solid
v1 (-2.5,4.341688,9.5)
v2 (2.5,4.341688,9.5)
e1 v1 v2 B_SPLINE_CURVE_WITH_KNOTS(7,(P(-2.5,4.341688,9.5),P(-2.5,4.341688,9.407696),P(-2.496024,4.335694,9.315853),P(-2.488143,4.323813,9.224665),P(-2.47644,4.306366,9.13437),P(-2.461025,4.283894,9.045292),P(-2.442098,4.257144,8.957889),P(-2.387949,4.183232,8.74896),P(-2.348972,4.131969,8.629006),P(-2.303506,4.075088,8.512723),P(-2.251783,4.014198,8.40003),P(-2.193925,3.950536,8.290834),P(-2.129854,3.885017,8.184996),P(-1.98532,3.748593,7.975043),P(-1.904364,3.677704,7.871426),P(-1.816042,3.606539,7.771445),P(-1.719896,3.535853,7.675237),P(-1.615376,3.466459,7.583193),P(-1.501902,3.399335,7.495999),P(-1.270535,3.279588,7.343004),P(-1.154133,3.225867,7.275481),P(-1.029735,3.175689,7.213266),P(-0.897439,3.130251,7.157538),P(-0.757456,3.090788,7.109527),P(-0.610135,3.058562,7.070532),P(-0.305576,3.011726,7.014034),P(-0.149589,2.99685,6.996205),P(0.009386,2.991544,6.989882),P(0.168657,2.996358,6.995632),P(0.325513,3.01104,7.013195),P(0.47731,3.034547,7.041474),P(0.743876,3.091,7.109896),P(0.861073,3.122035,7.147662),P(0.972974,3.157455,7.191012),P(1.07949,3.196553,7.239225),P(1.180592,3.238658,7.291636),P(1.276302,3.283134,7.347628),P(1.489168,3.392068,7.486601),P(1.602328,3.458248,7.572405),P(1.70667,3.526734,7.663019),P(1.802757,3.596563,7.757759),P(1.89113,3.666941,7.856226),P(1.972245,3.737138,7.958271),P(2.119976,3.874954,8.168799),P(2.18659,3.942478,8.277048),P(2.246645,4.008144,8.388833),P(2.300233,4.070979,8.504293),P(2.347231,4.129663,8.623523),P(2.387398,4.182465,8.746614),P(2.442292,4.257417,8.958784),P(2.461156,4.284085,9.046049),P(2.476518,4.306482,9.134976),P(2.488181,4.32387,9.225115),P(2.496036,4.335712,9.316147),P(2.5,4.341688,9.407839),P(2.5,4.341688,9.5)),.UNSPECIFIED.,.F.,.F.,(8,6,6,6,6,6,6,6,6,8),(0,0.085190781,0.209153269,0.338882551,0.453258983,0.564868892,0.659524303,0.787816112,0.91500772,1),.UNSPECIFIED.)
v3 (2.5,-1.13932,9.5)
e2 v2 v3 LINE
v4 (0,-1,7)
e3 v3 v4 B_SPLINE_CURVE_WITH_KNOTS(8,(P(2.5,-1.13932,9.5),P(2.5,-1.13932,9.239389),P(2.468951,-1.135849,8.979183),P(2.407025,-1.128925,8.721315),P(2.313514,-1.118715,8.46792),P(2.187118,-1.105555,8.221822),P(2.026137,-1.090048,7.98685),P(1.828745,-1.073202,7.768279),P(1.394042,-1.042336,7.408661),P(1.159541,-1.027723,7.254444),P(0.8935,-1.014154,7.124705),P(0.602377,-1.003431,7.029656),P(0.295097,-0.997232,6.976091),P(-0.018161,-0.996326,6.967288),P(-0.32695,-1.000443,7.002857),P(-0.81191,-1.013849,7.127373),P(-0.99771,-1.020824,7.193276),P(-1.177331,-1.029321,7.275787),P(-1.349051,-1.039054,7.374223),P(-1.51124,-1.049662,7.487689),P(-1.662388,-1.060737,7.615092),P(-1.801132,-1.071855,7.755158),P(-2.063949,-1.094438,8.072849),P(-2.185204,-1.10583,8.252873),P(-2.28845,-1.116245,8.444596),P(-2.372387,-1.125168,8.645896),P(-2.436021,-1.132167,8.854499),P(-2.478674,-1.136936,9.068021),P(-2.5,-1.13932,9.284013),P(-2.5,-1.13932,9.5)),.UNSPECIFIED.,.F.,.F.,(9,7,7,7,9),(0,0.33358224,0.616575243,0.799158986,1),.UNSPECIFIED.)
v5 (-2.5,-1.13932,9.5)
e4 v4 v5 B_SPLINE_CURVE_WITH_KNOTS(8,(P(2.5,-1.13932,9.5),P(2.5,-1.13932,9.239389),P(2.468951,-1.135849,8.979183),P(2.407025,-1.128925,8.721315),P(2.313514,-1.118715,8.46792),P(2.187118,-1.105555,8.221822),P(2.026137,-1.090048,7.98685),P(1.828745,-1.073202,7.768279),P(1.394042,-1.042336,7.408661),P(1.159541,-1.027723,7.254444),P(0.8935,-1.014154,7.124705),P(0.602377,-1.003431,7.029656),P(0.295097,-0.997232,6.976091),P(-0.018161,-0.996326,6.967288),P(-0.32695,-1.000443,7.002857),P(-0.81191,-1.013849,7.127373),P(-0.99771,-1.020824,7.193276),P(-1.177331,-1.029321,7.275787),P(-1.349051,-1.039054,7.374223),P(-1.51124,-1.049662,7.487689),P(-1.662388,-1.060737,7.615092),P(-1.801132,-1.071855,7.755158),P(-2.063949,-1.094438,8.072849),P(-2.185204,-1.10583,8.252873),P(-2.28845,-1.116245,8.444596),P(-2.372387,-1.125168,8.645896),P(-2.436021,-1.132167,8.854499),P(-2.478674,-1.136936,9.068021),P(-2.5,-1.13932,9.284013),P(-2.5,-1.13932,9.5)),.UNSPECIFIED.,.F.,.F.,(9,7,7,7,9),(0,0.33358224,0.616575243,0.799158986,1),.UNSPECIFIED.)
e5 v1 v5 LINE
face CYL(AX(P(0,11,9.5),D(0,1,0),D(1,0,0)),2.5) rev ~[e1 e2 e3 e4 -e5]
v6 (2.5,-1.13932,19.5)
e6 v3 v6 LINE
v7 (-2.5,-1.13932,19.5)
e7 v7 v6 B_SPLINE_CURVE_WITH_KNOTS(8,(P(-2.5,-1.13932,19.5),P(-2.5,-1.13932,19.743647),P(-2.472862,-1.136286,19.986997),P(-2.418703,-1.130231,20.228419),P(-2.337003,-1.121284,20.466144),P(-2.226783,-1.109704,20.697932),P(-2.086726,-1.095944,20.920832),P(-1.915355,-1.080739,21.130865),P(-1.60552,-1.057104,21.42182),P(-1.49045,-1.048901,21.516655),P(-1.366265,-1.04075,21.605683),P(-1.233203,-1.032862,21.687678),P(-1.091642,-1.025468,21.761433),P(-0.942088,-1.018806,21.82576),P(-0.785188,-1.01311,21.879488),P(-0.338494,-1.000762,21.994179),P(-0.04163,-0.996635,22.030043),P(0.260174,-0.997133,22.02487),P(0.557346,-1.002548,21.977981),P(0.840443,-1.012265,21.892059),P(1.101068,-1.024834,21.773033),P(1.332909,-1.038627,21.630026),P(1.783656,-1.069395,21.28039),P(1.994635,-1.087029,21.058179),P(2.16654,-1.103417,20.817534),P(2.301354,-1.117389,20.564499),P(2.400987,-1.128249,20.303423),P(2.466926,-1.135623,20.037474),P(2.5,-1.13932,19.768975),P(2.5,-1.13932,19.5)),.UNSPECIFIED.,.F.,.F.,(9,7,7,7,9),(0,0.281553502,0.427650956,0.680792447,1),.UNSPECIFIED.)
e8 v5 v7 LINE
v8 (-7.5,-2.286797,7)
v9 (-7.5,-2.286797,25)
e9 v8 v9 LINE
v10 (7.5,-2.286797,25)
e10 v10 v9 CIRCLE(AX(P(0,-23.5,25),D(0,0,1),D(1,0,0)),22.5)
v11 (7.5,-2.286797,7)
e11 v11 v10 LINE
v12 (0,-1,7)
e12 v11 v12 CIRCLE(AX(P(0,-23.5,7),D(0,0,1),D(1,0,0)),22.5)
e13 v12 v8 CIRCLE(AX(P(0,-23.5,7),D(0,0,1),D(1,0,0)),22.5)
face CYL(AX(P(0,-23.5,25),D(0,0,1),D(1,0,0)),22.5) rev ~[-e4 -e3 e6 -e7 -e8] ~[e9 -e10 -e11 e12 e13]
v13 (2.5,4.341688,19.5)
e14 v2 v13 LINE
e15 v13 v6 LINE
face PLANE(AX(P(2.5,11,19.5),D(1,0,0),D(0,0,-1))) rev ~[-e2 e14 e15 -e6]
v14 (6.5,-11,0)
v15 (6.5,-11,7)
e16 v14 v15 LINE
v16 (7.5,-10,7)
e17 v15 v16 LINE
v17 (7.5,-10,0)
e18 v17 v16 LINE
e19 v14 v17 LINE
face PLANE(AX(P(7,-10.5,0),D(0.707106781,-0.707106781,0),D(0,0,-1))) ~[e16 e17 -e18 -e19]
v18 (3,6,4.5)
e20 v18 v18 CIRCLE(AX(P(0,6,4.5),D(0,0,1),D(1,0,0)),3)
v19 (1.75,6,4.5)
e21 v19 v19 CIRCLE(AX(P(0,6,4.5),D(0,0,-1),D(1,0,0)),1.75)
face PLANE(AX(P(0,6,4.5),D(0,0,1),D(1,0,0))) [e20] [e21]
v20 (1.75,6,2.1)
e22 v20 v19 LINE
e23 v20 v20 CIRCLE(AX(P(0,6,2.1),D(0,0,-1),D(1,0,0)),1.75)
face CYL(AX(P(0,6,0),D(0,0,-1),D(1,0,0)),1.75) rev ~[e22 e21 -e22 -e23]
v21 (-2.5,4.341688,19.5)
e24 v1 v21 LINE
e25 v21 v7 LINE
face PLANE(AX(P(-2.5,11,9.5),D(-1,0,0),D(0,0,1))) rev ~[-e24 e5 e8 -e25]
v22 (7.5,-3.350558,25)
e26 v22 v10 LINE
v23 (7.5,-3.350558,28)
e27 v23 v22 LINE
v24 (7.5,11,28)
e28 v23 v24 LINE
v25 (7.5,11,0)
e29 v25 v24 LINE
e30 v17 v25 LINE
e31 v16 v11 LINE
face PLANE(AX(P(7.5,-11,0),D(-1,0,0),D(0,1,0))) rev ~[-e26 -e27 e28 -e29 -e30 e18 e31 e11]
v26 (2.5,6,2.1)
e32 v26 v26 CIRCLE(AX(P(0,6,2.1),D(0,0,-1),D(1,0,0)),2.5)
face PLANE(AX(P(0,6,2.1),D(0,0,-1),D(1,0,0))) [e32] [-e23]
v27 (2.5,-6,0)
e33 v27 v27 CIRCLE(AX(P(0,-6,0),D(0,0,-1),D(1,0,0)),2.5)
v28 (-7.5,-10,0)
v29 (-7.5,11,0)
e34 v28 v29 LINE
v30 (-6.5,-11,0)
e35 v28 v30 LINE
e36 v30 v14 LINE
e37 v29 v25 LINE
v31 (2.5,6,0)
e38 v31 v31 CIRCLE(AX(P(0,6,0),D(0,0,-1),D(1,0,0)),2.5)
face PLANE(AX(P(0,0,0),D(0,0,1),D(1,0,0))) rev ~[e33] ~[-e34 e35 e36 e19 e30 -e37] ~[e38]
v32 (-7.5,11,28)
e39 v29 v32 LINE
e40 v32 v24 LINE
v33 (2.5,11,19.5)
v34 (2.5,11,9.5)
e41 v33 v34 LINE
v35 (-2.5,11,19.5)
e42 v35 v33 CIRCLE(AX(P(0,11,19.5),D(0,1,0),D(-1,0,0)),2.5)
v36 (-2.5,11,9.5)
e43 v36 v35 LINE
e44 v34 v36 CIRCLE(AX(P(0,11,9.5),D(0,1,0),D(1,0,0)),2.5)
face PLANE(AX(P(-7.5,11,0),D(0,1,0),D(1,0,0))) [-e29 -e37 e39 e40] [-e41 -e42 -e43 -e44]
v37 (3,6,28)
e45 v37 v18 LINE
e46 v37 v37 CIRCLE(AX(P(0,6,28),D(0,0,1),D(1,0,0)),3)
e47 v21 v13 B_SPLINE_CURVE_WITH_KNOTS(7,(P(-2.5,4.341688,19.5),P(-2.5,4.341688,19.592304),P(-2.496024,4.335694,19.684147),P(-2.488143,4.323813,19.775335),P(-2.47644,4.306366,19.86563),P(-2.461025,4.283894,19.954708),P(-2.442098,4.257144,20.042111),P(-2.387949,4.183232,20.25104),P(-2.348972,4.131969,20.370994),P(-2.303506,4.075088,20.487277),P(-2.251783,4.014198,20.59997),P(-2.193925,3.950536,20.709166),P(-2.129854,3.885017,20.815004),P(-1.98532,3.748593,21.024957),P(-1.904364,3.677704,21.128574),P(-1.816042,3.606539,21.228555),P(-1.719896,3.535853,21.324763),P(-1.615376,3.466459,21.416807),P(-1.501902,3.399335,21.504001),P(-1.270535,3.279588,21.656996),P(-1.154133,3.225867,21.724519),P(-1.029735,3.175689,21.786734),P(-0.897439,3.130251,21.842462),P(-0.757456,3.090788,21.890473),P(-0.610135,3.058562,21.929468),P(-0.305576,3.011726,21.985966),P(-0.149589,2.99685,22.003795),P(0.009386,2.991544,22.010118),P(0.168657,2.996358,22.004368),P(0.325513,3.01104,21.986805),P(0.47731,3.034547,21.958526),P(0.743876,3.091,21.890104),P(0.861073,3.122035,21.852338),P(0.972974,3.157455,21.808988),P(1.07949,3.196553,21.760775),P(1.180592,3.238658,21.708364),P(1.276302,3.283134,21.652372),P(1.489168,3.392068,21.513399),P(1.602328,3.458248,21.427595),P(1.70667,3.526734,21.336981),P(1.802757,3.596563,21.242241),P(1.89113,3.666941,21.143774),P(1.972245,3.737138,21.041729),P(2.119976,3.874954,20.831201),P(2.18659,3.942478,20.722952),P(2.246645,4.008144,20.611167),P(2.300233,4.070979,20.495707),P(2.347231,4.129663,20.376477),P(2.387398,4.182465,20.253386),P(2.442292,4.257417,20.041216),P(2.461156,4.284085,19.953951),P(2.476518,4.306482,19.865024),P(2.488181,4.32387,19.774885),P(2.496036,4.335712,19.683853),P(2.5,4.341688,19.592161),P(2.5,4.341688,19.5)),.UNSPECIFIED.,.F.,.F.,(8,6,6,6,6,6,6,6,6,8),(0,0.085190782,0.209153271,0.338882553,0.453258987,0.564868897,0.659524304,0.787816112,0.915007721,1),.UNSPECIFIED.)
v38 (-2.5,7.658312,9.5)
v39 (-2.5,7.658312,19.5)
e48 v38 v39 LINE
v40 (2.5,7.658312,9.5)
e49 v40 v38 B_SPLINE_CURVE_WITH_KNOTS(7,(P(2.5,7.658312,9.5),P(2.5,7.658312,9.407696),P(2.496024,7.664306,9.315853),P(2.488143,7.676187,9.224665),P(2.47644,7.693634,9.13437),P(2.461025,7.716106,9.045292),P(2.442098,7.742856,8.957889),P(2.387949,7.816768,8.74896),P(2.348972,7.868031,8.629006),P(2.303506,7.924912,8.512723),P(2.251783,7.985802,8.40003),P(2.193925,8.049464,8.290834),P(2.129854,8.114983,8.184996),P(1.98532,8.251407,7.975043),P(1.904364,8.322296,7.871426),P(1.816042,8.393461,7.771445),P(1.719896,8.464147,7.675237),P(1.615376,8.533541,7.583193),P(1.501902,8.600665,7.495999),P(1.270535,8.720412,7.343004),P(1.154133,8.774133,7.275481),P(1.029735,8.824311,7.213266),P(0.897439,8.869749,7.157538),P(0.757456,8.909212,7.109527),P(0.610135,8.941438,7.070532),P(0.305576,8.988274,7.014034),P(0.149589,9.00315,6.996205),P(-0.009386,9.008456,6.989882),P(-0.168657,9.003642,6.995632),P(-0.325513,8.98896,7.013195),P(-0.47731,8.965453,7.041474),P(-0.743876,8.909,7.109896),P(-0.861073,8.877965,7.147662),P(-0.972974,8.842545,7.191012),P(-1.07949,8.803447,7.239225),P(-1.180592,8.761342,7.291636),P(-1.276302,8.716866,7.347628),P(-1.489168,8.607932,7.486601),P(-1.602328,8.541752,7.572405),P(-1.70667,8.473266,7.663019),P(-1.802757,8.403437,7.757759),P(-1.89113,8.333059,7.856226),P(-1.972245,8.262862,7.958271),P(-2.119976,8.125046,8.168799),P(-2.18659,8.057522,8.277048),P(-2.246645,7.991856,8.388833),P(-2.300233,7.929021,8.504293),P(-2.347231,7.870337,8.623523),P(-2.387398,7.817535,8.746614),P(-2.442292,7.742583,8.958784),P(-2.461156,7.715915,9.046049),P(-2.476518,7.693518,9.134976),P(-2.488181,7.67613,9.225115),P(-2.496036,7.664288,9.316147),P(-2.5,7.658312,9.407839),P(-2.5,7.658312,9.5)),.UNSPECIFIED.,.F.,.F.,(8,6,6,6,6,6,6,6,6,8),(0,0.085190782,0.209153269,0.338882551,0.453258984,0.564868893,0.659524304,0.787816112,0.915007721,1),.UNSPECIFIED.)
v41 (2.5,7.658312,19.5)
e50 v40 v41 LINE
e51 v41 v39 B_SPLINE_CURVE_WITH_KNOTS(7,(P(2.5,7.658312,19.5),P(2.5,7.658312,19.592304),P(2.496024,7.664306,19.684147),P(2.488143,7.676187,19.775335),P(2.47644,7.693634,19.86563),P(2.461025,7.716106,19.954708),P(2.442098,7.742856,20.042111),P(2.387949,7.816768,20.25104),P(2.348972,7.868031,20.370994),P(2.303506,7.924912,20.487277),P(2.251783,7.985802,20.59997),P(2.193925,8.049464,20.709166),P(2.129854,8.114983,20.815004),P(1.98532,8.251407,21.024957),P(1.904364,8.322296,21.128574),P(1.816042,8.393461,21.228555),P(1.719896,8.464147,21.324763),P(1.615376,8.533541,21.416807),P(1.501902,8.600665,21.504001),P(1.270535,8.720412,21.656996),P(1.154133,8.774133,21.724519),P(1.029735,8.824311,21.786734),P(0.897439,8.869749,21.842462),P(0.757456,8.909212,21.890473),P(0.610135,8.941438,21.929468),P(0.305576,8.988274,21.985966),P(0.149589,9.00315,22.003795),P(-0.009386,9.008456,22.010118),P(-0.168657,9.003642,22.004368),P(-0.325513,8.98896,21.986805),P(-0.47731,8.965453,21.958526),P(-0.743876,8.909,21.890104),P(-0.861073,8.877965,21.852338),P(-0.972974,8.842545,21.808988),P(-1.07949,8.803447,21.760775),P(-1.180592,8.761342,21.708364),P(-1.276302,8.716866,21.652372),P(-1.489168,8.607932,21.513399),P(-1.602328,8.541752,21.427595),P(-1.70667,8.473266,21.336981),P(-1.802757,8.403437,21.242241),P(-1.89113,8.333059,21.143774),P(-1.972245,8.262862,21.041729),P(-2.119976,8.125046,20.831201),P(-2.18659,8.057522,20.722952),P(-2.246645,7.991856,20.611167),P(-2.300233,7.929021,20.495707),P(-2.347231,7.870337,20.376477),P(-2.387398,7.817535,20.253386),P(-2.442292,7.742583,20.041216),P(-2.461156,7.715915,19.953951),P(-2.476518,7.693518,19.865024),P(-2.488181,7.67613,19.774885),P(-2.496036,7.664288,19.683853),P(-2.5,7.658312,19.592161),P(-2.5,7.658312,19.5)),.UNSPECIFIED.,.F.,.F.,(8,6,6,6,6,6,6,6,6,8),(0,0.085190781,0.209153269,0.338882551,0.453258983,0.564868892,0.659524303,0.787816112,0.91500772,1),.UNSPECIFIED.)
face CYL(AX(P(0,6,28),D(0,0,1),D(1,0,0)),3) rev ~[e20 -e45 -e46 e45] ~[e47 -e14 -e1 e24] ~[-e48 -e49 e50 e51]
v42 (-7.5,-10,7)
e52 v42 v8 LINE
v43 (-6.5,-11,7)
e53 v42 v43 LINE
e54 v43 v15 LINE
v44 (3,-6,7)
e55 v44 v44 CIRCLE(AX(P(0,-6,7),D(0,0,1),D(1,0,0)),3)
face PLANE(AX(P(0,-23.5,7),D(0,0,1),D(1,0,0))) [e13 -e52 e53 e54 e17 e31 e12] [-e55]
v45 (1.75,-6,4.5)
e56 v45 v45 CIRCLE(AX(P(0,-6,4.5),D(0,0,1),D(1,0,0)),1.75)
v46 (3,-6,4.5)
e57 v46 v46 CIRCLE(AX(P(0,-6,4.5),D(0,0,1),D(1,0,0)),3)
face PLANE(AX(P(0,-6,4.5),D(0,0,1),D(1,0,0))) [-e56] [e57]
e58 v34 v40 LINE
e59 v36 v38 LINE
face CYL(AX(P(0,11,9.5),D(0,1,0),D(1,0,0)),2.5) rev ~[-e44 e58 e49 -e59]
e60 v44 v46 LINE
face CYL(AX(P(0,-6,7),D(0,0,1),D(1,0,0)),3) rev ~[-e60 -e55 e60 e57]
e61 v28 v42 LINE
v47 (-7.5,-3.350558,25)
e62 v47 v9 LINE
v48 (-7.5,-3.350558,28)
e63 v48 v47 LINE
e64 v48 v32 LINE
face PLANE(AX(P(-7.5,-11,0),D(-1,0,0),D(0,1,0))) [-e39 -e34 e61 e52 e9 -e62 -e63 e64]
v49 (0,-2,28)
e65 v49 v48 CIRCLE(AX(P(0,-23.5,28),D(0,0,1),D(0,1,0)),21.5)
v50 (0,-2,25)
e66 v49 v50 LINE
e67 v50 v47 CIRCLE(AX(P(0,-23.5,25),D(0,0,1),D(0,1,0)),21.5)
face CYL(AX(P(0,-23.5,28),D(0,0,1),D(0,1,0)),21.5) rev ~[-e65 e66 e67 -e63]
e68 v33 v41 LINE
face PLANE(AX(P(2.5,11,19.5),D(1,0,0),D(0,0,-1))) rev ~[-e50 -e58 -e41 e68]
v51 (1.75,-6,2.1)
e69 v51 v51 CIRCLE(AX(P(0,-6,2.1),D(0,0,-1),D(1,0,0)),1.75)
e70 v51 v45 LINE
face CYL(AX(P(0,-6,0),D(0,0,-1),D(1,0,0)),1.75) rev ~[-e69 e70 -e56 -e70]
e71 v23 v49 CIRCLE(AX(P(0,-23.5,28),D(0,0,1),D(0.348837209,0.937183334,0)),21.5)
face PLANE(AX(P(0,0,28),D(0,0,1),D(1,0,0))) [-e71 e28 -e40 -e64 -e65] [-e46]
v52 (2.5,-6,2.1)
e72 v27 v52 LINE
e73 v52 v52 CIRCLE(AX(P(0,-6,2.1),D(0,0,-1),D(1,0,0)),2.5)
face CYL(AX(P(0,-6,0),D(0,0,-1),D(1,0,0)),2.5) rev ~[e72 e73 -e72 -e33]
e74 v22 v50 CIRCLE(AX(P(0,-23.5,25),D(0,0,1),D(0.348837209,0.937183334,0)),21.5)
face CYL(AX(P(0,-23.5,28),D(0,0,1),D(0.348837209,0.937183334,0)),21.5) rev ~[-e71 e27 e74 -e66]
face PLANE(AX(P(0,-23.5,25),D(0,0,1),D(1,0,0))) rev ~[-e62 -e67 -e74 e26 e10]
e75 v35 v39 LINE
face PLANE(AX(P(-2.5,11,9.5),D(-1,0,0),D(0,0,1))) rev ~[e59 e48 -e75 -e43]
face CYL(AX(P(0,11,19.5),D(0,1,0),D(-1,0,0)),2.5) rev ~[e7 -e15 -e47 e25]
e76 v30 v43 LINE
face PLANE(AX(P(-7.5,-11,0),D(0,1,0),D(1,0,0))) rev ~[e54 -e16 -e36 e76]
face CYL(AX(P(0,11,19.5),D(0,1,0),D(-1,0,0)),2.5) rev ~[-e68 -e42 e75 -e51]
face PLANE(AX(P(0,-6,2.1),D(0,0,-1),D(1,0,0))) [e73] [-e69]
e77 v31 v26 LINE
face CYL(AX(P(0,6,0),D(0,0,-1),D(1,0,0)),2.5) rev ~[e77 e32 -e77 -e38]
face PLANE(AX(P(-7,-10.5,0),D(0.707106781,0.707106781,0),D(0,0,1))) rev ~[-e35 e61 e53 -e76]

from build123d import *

# Parameters (mm, degrees)
F0_W      = 15
F0_H      = 22
F1_DEPTH  = 28
F3_DEPTH  = 3
F4_R      = 22.5
F5_DEPTH  = 18
F7_DEPTH  = 12.140320325
F8_R      = 2.5
F8_R_2    = 1.75
F9_DEPTH  = 2.1
F10_DEPTH = 7.7156429929
F11_R     = 3
F11_R_2   = 1.75
F12_DEPTH = 2.5
F13_R     = 3
F14_DEPTH = 23.5
F15_SIZE  = 1


with BuildPart() as f1:
    # F0 (on Top) → F1 (new body)
    with BuildSketch(Plane.XY):
        Rectangle(F0_W, F0_H)
    extrude(amount=F1_DEPTH)

    # F2 (on face) → F3 (cut)
    with BuildSketch(Plane.XY.offset(28)):
        with BuildLine():
            Line((-7.5, -11), (-7.5, -3.3505583204))
            ThreePointArc((-7.5, -3.3505583204), (-12.2678441464, -41.156443583), (21.5, -23.5))
            ThreePointArc((21.5, -23.5), (17.656443583, -11.2321558536), (7.5, -3.3505583204))
            Line((7.5, -3.3505583204), (7.5, -11))
            Line((7.5, -11), (-7.5, -11))
        make_face()
        with BuildLine():
            ThreePointArc((7.5, -3.3505583204), (3.8103152027, -2.3403332244), (0, -2))
            ThreePointArc((0, -2), (-3.8103152027, -2.3403332244), (-7.5, -3.3505583204))
            Line((-7.5, -3.3505583204), (-7.5, -11))
            Line((-7.5, -11), (7.5, -11))
            Line((7.5, -11), (7.5, -3.3505583204))
        make_face()
    extrude(amount=-F3_DEPTH, mode=Mode.SUBTRACT)

    # F4 (on face) → F5 (cut)
    with BuildSketch(Plane.XY.offset(25)):
        with Locations((0, -23.5)):
            Circle(F4_R)
    extrude(amount=-F5_DEPTH, mode=Mode.SUBTRACT)

    # F6 (on face) → F7 (cut, through all)
    with BuildSketch(Plane(origin=(0, 11, 0), x_dir=(-1, 0, 0), z_dir=(0, 1, 0))):
        with BuildLine():
            Line((-2.5, 19.5), (-2.5, 9.5))
            ThreePointArc((-2.5, 9.5), (0, 7), (2.5, 9.5))
            Line((2.5, 9.5), (2.5, 19.5))
            ThreePointArc((2.5, 19.5), (0, 22), (-2.5, 19.5))
        make_face()
    extrude(amount=-F7_DEPTH, mode=Mode.SUBTRACT)

    # F8 (on face) → F9 (cut)
    with BuildSketch(Plane(origin=(0, 0, 0), x_dir=(1, 0, 0), z_dir=(0, 0, -1))):
        with Locations((0, 6)):
            Circle(F8_R)
        with Locations((0, 6)):
            Circle(F8_R_2, mode=Mode.SUBTRACT)
        with Locations((0, -6)):
            Circle(F8_R)
        with Locations((0, -6)):
            Circle(F8_R_2, mode=Mode.SUBTRACT)
    extrude(amount=-F9_DEPTH, mode=Mode.SUBTRACT)

    # F10 (cut, through all): faces of the model
    f10_faces = [f1.faces().sort_by_distance(p)[0] for p in [
        (0, 6, 0),
        (0, -6, 0),
    ]]
    extrude(f10_faces, amount=-F10_DEPTH, mode=Mode.SUBTRACT)

    # F11 (on face) → F12 (cut)
    with BuildSketch(Plane.XY.offset(7)):
        with Locations((0, -6)):
            Circle(F11_R)
        with Locations((0, -6)):
            Circle(F11_R_2, mode=Mode.SUBTRACT)
    extrude(amount=-F12_DEPTH, mode=Mode.SUBTRACT)

    # F13 (on face) → F14 (cut)
    with BuildSketch(Plane.XY.offset(28)):
        with Locations((0, 6)):
            Circle(F13_R)
    extrude(amount=-F14_DEPTH, mode=Mode.SUBTRACT)

    # F15
    f15_edges = [f1.edges().sort_by_distance(p)[0] for p in [
        (7.5, -11, 3.5),
        (-7.5, -11, 3.5),
    ]]
    chamfer(f15_edges, length=F15_SIZE)


solid = f1.part
